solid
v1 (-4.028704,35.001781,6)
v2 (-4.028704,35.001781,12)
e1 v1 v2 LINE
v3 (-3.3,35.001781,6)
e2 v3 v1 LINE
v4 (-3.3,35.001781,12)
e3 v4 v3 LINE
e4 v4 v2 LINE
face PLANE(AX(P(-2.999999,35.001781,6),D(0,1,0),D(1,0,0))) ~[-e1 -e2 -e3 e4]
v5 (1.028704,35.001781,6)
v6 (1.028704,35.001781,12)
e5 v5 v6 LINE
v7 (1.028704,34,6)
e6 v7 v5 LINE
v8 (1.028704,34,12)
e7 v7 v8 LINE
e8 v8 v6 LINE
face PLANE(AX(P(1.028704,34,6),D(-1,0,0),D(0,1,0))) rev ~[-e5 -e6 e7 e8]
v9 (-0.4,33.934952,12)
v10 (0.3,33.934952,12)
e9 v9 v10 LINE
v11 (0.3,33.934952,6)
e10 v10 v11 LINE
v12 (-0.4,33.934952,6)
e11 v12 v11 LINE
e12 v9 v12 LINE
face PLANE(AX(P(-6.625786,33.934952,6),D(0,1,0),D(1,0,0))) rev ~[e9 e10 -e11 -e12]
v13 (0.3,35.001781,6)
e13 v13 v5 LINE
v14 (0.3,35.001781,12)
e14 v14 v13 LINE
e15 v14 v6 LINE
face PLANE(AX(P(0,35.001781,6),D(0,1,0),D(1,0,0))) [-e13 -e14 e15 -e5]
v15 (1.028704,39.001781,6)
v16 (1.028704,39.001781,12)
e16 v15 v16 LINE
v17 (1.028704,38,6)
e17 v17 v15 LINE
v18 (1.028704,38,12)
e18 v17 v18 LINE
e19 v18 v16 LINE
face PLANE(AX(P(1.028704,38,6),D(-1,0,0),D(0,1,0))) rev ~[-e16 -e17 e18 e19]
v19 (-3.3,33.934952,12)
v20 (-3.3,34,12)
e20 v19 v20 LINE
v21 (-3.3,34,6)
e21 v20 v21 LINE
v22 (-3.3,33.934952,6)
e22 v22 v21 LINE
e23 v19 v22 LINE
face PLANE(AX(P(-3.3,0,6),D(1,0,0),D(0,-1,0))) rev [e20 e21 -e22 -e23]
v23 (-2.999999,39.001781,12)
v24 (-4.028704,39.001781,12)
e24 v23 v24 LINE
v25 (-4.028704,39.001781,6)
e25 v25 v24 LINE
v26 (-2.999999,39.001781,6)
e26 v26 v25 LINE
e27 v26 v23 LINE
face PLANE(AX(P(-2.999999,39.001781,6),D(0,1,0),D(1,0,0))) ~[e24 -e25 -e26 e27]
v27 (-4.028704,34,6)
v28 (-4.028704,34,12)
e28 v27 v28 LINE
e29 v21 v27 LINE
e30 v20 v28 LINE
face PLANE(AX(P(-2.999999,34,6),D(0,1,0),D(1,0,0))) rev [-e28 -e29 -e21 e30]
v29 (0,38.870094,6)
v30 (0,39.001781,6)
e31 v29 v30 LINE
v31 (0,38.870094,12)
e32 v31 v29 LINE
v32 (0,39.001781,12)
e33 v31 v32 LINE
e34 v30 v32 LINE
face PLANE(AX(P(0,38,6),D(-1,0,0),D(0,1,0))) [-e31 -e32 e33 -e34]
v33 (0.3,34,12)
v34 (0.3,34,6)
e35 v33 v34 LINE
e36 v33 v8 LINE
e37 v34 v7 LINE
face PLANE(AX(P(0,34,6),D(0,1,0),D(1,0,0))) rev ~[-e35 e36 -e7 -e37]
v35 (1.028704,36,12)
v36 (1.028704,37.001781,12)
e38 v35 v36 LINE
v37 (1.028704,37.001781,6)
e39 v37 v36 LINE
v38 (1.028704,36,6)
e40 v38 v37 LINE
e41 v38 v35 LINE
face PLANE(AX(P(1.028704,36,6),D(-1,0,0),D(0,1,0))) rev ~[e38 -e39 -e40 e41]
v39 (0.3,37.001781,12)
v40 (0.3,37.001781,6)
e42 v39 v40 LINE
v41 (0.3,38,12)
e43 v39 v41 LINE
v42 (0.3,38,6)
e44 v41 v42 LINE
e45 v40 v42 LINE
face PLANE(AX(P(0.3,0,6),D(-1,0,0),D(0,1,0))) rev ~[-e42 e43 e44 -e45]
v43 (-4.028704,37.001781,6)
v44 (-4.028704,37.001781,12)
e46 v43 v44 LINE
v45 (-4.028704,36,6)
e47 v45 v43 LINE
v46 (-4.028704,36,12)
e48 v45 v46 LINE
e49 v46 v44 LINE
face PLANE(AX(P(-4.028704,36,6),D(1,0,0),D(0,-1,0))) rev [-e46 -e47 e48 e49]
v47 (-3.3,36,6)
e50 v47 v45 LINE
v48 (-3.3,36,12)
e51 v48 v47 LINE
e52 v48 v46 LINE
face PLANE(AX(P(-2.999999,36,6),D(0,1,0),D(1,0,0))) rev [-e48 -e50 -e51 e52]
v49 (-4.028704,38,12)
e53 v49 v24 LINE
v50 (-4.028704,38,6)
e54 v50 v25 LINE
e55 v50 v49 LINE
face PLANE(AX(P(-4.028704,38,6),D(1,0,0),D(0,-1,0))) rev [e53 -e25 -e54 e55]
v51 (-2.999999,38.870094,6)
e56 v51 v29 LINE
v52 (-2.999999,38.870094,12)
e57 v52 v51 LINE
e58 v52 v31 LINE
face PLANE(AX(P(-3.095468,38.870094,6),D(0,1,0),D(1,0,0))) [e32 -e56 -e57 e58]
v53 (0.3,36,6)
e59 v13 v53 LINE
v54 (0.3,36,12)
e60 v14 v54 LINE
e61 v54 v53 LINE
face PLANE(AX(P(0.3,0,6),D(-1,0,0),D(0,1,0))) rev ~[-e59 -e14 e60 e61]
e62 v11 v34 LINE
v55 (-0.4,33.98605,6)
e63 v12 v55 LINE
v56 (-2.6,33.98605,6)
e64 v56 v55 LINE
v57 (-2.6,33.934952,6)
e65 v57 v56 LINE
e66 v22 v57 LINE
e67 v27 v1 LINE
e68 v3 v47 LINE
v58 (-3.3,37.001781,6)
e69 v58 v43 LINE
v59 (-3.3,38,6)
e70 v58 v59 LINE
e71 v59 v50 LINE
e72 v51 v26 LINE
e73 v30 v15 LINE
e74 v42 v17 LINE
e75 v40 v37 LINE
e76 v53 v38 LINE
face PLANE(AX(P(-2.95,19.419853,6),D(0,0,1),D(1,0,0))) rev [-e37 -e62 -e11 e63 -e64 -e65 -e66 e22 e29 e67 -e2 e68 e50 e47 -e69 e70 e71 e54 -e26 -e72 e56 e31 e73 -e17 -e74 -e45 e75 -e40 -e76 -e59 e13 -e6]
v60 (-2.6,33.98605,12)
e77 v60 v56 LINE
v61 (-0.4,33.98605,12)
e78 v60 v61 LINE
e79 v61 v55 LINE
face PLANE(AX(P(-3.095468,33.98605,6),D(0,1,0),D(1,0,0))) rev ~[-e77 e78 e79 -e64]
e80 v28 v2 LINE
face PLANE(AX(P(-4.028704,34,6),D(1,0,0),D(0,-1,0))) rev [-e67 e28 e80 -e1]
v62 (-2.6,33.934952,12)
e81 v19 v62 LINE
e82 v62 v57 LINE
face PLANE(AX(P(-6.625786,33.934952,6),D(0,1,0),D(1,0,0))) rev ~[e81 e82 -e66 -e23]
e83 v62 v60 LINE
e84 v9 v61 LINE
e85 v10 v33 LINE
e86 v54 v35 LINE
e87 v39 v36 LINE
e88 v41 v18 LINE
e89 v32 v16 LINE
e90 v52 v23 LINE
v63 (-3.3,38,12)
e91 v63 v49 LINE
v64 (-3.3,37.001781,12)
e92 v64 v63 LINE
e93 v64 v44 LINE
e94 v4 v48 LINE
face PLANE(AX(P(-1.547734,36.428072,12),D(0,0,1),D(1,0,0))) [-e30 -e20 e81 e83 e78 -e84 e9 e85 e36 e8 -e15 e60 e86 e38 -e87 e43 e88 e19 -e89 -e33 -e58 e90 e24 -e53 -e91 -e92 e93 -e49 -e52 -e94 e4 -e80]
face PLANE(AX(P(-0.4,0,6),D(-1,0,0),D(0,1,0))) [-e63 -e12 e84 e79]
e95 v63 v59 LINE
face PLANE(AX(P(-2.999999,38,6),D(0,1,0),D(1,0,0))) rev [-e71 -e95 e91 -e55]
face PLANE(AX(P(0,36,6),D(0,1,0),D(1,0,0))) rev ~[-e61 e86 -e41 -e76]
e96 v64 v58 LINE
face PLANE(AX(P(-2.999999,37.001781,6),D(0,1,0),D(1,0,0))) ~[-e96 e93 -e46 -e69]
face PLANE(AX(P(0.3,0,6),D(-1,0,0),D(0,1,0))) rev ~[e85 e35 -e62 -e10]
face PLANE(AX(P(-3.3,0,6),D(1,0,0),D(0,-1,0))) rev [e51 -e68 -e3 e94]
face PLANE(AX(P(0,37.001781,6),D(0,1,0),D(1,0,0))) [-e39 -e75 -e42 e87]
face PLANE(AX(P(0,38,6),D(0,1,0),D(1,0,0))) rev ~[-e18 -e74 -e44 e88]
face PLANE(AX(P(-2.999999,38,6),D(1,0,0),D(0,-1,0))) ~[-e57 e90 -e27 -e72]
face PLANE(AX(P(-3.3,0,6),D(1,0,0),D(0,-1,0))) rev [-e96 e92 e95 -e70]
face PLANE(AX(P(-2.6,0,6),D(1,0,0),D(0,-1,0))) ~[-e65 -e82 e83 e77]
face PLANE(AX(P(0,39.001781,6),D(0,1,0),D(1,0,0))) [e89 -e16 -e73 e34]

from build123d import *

# Parameters (mm, degrees)
DWIRE022_W       = 9.039794
DWIRE022_H       = 6.083538
EXTRUDE025_DEPTH = 6
DWIRE007_W       = 1.028705
DWIRE007_H       = 1.001781
EXTRUDE007_DEPTH = 9
ARRAY001_Y_COUNT = 20
ARRAY001_Y_PITCH = 2
DWIRE016_W       = 0.7
DWIRE016_H       = 38.839707
EXTRUDE019_DEPTH = 9
DWIRE021_W       = 3.095468
DWIRE021_H       = 4.884044
EXTRUDE024_DEPTH = 6


with BuildPart() as maska_kostki_naciagu:
    # DWire022 → Extrude025 (new body)
    with BuildSketch(Plane.XY):
        with Locations((-2.105889, 36.976721)):
            Rectangle(DWIRE022_W, DWIRE022_H)
    extrude(amount=EXTRUDE025_DEPTH)


with BuildPart() as maska_kostki_naciagu_1:
    # Extrude025 placement: moved
    add(maska_kostki_naciagu.part.moved(Location((0, 0, 6))))


with BuildPart() as zeby_paska:
    # DWire007 → Extrude007 (new body)
    with BuildSketch(Plane.XY):
        with Locations((0.514352, 0.500891)):
            Rectangle(DWIRE007_W, DWIRE007_H)
    extrude(amount=EXTRUDE007_DEPTH)


with BuildPart() as zeby_paska_1:
    # Extrude007 placement: moved
    add(zeby_paska.part.moved(Location((0, 0, 6))))

    # Array001 Y: zeby paska ×20


with BuildPart() as zeby_paska_2:
    add(zeby_paska_1.part)
    with Locations(*[(0, i * ARRAY001_Y_PITCH, 0) for i in range(1, ARRAY001_Y_COUNT)]):
        add(zeby_paska_1.part)


with BuildPart() as pasek:
    # DWire016 → Extrude019 (new body)
    with BuildSketch(Plane.XY):
        with Locations((-0.05, 19.419853)):
            Rectangle(DWIRE016_W, DWIRE016_H)
    extrude(amount=EXTRUDE019_DEPTH)


with BuildPart() as pasek_1:
    # Extrude019 placement: moved
    add(pasek.part.moved(Location((0, 0, 6))))

    # Fusion002: union zeby paska
    add(zeby_paska_2.part)


with BuildPart() as pasek001:
    # Clone005 base: copy of pasek
    add(pasek_1.part)


with BuildPart() as part_mirroring004:
    # Part__Mirroring004: instance of pasek001
    add(pasek001.part.mirror(Plane(origin=(0, 0, 0), x_dir=(0, -1, 0), z_dir=(1, 0, 0))))


with BuildPart() as part_mirroring004_1:
    # Part__Mirroring004 placement: moved
    add(part_mirroring004.part.moved(Location((-3, 0, 0))))


with BuildPart() as extrude024:
    # DWire021 → Extrude024 (new body)
    with BuildSketch(Plane.XY):
        with Locations((-1.547734, 36.428072)):
            Rectangle(DWIRE021_W, DWIRE021_H)
    extrude(amount=EXTRUDE024_DEPTH)


with BuildPart() as extrude024_1:
    # Extrude024 placement: moved
    add(extrude024.part.moved(Location((0, 0, 6))))


with BuildPart() as test_kostka_naciagu_paska:
    # Fusion003 base: copy of pasek
    add(pasek_1.part)

    # Fusion003: union Part__Mirroring004, Extrude024
    add(part_mirroring004_1.part)
    add(extrude024_1.part)

    # Common: intersect maska kostki naciagu
    add(maska_kostki_naciagu_1.part, mode=Mode.INTERSECT)


solid = test_kostka_naciagu_paska.part
